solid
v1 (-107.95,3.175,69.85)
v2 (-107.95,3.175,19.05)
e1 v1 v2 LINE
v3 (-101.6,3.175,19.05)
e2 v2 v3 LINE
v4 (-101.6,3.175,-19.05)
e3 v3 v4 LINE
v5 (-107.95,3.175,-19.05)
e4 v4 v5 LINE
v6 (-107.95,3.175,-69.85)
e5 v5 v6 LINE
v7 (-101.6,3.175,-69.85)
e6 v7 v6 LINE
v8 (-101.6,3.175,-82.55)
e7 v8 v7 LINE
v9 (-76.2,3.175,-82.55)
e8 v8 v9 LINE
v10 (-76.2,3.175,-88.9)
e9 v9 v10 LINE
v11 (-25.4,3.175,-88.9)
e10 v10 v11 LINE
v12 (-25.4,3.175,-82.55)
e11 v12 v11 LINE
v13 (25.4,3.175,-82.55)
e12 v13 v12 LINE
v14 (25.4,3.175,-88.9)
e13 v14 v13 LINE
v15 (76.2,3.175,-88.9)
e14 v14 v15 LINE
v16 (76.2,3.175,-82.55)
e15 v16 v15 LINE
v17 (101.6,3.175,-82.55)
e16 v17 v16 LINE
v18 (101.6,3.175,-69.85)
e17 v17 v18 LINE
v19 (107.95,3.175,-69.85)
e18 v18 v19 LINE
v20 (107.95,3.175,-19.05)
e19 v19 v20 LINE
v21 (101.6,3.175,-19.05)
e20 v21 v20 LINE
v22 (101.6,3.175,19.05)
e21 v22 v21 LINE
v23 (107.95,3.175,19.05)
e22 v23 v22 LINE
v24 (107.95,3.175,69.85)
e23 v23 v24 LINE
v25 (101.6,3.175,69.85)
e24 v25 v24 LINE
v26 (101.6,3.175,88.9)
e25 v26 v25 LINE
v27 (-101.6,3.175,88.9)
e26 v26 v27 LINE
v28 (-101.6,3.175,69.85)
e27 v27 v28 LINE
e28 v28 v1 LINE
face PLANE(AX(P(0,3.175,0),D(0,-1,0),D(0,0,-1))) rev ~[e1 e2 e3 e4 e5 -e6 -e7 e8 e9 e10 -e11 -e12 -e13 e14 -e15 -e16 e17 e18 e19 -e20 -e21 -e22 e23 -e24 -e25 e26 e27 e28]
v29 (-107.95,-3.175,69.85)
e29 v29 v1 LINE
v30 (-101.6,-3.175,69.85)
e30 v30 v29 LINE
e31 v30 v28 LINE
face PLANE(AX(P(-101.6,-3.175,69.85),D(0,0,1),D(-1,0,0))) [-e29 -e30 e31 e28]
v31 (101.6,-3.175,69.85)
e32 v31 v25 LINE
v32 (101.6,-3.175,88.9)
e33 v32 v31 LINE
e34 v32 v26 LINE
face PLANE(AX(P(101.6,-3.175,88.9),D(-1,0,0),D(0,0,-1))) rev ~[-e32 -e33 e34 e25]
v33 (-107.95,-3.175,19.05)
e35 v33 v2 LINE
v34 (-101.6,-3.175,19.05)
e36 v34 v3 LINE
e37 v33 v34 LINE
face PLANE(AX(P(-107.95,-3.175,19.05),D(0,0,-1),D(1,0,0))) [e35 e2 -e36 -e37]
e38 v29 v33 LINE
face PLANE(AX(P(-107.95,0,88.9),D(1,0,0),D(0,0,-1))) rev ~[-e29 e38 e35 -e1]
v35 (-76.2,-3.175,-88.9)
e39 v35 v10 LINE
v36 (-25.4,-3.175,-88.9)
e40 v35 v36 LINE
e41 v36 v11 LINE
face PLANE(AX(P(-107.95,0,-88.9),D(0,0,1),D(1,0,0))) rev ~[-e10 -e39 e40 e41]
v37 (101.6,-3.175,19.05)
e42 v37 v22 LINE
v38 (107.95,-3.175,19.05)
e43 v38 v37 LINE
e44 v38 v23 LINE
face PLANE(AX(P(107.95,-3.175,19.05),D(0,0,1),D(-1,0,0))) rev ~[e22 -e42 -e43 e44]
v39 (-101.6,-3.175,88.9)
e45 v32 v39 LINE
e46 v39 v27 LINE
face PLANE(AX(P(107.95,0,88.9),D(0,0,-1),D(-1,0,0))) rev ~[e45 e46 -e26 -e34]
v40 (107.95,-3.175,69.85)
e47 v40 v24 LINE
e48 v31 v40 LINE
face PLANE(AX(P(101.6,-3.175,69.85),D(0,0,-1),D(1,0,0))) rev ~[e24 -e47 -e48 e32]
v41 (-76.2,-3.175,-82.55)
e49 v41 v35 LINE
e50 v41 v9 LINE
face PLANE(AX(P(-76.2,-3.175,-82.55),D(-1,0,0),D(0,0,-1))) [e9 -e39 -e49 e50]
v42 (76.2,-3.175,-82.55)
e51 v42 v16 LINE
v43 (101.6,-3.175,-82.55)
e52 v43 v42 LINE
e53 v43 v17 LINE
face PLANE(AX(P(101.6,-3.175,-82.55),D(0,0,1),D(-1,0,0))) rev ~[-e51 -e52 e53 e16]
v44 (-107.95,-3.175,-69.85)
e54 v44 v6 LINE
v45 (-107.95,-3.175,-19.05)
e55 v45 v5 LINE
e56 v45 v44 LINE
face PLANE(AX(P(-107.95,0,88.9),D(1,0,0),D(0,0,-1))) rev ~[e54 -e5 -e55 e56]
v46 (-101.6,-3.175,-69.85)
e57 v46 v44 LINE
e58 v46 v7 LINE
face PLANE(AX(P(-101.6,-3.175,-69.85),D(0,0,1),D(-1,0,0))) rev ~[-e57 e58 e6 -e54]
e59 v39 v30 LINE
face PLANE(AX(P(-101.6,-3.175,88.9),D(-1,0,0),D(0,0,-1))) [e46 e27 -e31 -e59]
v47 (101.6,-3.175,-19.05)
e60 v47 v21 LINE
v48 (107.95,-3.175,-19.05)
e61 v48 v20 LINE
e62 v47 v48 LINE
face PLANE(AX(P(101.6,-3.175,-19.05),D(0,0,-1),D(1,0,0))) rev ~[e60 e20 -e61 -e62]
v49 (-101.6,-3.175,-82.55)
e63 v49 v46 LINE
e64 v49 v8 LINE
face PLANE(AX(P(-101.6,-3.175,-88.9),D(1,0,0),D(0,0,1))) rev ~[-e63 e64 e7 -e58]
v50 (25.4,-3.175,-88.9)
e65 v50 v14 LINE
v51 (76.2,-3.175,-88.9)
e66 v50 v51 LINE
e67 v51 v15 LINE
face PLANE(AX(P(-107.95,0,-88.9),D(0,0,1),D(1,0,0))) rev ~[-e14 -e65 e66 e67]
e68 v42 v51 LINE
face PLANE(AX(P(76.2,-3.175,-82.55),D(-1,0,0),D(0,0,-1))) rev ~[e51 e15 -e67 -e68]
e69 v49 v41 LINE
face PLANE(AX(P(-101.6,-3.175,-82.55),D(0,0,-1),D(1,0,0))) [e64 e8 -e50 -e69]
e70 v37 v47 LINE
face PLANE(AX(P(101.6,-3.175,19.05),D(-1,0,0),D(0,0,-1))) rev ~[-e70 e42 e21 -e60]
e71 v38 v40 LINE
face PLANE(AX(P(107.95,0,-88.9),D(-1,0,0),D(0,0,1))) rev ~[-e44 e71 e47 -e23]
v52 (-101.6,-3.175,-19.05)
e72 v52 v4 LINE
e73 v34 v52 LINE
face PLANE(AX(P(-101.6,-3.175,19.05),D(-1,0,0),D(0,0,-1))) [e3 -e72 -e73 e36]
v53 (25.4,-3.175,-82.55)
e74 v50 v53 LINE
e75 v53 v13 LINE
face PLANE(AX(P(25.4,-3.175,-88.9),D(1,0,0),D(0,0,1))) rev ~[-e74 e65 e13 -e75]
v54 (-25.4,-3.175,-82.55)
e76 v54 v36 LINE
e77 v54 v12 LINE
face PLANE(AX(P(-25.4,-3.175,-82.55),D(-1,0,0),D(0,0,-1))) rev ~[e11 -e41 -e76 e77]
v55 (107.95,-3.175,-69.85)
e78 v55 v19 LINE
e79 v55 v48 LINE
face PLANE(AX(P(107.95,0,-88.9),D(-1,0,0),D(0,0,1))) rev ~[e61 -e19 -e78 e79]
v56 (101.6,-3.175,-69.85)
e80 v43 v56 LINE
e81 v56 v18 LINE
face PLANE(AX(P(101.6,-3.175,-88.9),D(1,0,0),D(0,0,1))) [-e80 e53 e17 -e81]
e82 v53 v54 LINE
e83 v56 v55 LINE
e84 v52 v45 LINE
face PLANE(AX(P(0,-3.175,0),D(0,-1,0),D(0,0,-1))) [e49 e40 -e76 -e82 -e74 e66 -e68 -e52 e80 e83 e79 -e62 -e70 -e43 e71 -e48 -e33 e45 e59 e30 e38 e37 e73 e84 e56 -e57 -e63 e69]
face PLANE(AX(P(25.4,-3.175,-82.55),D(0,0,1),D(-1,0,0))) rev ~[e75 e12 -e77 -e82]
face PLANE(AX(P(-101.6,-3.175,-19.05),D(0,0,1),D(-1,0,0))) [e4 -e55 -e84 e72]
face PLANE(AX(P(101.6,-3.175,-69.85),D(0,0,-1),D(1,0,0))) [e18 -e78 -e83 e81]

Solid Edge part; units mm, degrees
sketch "Sketch1" plane through (0, 0, 0) normal (0, -1, 0) x (1, 0, 0)
  line L0 (-107.95, -88.9) -> (107.95, -88.9)
  line L1 (107.95, -88.9) -> (107.95, 88.9)
  line L2 (107.95, 88.9) -> (-107.95, 88.9)
  line L3 (-107.95, 88.9) -> (-107.95, -88.9)
  dimension "D1" = 215.9
  dimension "D2" = 177.8
extrude "ExtrudedProtrusion_1" add sketch "Sketch1" along normal mid plane 6.35
sketch "Sketch2" plane through (0, -3.175, 0) normal (0, -1, 0) x (1, 0, 0)
  line L0 (107.95, 88.9) -> (101.6, 88.9)
  line L1 (101.6, 88.9) -> (101.6, 69.85)
  line L2 (101.6, 69.85) -> (107.95, 69.85)
  line L3 (107.95, 69.85) -> (107.95, 88.9)
  line L4 (107.95, 19.05) -> (101.6, 19.05)
  line L5 (101.6, 19.05) -> (101.6, -19.05)
  line L6 (101.6, -19.05) -> (107.95, -19.05)
  line L7 (107.95, -19.05) -> (107.95, 19.05)
  line L8 (107.95, -88.9) -> (101.6, -88.9)
  line L9 (101.6, -88.9) -> (101.6, -69.85)
  line L10 (101.6, -69.85) -> (107.95, -69.85)
  line L11 (107.95, -69.85) -> (107.95, -88.9)
  line L12 (-107.95, 88.9) -> (-101.6, 88.9)
  line L13 (-101.6, 88.9) -> (-101.6, 69.85)
  line L14 (-101.6, 69.85) -> (-107.95, 69.85)
  line L15 (-107.95, 69.85) -> (-107.95, 88.9)
  line L16 (-107.95, 19.05) -> (-101.6, 19.05)
  line L17 (-101.6, 19.05) -> (-101.6, -19.05)
  line L18 (-101.6, -19.05) -> (-107.95, -19.05)
  line L19 (-107.95, -19.05) -> (-107.95, 19.05)
  line L20 (-107.95, -88.9) -> (-101.6, -88.9)
  line L21 (-101.6, -88.9) -> (-101.6, -69.85)
  line L22 (-101.6, -69.85) -> (-107.95, -69.85)
  line L23 (-107.95, -69.85) -> (-107.95, -88.9)
  dimension "D1" = 19.05
  dimension "D2" = 6.35
  dimension "D3" = 50.8
  dimension "D4" = 50.8
extrude "Cutout1" cut sketch "Sketch2" against normal through all
sketch "Sketch3" plane through (0, -3.175, 0) normal (0, -1, 0) x (1, 0, 0)
  line L0 (101.6, -82.55) -> (76.2, -82.55)
  line L1 (76.2, -82.55) -> (76.2, -88.9)
  line L2 (76.2, -88.9) -> (101.6, -88.9)
  line L3 (101.6, -88.9) -> (101.6, -82.55)
  line L4 (-101.6, -82.55) -> (-76.2, -82.55)
  line L5 (-76.2, -82.55) -> (-76.2, -88.9)
  line L6 (-76.2, -88.9) -> (-101.6, -88.9)
  line L7 (-101.6, -88.9) -> (-101.6, -82.55)
  line L8 (-25.4, -88.9) -> (25.4, -88.9)
  line L9 (25.4, -88.9) -> (25.4, -82.55)
  line L10 (25.4, -82.55) -> (-25.4, -82.55)
  line L11 (-25.4, -82.55) -> (-25.4, -88.9)
  dimension "D1" = 25.4
  dimension "D2" = 50.8
  dimension "D3" = 6.35
extrude "Cutout2" cut sketch "Sketch3" against normal through all
properties material "ABS PLUS"
